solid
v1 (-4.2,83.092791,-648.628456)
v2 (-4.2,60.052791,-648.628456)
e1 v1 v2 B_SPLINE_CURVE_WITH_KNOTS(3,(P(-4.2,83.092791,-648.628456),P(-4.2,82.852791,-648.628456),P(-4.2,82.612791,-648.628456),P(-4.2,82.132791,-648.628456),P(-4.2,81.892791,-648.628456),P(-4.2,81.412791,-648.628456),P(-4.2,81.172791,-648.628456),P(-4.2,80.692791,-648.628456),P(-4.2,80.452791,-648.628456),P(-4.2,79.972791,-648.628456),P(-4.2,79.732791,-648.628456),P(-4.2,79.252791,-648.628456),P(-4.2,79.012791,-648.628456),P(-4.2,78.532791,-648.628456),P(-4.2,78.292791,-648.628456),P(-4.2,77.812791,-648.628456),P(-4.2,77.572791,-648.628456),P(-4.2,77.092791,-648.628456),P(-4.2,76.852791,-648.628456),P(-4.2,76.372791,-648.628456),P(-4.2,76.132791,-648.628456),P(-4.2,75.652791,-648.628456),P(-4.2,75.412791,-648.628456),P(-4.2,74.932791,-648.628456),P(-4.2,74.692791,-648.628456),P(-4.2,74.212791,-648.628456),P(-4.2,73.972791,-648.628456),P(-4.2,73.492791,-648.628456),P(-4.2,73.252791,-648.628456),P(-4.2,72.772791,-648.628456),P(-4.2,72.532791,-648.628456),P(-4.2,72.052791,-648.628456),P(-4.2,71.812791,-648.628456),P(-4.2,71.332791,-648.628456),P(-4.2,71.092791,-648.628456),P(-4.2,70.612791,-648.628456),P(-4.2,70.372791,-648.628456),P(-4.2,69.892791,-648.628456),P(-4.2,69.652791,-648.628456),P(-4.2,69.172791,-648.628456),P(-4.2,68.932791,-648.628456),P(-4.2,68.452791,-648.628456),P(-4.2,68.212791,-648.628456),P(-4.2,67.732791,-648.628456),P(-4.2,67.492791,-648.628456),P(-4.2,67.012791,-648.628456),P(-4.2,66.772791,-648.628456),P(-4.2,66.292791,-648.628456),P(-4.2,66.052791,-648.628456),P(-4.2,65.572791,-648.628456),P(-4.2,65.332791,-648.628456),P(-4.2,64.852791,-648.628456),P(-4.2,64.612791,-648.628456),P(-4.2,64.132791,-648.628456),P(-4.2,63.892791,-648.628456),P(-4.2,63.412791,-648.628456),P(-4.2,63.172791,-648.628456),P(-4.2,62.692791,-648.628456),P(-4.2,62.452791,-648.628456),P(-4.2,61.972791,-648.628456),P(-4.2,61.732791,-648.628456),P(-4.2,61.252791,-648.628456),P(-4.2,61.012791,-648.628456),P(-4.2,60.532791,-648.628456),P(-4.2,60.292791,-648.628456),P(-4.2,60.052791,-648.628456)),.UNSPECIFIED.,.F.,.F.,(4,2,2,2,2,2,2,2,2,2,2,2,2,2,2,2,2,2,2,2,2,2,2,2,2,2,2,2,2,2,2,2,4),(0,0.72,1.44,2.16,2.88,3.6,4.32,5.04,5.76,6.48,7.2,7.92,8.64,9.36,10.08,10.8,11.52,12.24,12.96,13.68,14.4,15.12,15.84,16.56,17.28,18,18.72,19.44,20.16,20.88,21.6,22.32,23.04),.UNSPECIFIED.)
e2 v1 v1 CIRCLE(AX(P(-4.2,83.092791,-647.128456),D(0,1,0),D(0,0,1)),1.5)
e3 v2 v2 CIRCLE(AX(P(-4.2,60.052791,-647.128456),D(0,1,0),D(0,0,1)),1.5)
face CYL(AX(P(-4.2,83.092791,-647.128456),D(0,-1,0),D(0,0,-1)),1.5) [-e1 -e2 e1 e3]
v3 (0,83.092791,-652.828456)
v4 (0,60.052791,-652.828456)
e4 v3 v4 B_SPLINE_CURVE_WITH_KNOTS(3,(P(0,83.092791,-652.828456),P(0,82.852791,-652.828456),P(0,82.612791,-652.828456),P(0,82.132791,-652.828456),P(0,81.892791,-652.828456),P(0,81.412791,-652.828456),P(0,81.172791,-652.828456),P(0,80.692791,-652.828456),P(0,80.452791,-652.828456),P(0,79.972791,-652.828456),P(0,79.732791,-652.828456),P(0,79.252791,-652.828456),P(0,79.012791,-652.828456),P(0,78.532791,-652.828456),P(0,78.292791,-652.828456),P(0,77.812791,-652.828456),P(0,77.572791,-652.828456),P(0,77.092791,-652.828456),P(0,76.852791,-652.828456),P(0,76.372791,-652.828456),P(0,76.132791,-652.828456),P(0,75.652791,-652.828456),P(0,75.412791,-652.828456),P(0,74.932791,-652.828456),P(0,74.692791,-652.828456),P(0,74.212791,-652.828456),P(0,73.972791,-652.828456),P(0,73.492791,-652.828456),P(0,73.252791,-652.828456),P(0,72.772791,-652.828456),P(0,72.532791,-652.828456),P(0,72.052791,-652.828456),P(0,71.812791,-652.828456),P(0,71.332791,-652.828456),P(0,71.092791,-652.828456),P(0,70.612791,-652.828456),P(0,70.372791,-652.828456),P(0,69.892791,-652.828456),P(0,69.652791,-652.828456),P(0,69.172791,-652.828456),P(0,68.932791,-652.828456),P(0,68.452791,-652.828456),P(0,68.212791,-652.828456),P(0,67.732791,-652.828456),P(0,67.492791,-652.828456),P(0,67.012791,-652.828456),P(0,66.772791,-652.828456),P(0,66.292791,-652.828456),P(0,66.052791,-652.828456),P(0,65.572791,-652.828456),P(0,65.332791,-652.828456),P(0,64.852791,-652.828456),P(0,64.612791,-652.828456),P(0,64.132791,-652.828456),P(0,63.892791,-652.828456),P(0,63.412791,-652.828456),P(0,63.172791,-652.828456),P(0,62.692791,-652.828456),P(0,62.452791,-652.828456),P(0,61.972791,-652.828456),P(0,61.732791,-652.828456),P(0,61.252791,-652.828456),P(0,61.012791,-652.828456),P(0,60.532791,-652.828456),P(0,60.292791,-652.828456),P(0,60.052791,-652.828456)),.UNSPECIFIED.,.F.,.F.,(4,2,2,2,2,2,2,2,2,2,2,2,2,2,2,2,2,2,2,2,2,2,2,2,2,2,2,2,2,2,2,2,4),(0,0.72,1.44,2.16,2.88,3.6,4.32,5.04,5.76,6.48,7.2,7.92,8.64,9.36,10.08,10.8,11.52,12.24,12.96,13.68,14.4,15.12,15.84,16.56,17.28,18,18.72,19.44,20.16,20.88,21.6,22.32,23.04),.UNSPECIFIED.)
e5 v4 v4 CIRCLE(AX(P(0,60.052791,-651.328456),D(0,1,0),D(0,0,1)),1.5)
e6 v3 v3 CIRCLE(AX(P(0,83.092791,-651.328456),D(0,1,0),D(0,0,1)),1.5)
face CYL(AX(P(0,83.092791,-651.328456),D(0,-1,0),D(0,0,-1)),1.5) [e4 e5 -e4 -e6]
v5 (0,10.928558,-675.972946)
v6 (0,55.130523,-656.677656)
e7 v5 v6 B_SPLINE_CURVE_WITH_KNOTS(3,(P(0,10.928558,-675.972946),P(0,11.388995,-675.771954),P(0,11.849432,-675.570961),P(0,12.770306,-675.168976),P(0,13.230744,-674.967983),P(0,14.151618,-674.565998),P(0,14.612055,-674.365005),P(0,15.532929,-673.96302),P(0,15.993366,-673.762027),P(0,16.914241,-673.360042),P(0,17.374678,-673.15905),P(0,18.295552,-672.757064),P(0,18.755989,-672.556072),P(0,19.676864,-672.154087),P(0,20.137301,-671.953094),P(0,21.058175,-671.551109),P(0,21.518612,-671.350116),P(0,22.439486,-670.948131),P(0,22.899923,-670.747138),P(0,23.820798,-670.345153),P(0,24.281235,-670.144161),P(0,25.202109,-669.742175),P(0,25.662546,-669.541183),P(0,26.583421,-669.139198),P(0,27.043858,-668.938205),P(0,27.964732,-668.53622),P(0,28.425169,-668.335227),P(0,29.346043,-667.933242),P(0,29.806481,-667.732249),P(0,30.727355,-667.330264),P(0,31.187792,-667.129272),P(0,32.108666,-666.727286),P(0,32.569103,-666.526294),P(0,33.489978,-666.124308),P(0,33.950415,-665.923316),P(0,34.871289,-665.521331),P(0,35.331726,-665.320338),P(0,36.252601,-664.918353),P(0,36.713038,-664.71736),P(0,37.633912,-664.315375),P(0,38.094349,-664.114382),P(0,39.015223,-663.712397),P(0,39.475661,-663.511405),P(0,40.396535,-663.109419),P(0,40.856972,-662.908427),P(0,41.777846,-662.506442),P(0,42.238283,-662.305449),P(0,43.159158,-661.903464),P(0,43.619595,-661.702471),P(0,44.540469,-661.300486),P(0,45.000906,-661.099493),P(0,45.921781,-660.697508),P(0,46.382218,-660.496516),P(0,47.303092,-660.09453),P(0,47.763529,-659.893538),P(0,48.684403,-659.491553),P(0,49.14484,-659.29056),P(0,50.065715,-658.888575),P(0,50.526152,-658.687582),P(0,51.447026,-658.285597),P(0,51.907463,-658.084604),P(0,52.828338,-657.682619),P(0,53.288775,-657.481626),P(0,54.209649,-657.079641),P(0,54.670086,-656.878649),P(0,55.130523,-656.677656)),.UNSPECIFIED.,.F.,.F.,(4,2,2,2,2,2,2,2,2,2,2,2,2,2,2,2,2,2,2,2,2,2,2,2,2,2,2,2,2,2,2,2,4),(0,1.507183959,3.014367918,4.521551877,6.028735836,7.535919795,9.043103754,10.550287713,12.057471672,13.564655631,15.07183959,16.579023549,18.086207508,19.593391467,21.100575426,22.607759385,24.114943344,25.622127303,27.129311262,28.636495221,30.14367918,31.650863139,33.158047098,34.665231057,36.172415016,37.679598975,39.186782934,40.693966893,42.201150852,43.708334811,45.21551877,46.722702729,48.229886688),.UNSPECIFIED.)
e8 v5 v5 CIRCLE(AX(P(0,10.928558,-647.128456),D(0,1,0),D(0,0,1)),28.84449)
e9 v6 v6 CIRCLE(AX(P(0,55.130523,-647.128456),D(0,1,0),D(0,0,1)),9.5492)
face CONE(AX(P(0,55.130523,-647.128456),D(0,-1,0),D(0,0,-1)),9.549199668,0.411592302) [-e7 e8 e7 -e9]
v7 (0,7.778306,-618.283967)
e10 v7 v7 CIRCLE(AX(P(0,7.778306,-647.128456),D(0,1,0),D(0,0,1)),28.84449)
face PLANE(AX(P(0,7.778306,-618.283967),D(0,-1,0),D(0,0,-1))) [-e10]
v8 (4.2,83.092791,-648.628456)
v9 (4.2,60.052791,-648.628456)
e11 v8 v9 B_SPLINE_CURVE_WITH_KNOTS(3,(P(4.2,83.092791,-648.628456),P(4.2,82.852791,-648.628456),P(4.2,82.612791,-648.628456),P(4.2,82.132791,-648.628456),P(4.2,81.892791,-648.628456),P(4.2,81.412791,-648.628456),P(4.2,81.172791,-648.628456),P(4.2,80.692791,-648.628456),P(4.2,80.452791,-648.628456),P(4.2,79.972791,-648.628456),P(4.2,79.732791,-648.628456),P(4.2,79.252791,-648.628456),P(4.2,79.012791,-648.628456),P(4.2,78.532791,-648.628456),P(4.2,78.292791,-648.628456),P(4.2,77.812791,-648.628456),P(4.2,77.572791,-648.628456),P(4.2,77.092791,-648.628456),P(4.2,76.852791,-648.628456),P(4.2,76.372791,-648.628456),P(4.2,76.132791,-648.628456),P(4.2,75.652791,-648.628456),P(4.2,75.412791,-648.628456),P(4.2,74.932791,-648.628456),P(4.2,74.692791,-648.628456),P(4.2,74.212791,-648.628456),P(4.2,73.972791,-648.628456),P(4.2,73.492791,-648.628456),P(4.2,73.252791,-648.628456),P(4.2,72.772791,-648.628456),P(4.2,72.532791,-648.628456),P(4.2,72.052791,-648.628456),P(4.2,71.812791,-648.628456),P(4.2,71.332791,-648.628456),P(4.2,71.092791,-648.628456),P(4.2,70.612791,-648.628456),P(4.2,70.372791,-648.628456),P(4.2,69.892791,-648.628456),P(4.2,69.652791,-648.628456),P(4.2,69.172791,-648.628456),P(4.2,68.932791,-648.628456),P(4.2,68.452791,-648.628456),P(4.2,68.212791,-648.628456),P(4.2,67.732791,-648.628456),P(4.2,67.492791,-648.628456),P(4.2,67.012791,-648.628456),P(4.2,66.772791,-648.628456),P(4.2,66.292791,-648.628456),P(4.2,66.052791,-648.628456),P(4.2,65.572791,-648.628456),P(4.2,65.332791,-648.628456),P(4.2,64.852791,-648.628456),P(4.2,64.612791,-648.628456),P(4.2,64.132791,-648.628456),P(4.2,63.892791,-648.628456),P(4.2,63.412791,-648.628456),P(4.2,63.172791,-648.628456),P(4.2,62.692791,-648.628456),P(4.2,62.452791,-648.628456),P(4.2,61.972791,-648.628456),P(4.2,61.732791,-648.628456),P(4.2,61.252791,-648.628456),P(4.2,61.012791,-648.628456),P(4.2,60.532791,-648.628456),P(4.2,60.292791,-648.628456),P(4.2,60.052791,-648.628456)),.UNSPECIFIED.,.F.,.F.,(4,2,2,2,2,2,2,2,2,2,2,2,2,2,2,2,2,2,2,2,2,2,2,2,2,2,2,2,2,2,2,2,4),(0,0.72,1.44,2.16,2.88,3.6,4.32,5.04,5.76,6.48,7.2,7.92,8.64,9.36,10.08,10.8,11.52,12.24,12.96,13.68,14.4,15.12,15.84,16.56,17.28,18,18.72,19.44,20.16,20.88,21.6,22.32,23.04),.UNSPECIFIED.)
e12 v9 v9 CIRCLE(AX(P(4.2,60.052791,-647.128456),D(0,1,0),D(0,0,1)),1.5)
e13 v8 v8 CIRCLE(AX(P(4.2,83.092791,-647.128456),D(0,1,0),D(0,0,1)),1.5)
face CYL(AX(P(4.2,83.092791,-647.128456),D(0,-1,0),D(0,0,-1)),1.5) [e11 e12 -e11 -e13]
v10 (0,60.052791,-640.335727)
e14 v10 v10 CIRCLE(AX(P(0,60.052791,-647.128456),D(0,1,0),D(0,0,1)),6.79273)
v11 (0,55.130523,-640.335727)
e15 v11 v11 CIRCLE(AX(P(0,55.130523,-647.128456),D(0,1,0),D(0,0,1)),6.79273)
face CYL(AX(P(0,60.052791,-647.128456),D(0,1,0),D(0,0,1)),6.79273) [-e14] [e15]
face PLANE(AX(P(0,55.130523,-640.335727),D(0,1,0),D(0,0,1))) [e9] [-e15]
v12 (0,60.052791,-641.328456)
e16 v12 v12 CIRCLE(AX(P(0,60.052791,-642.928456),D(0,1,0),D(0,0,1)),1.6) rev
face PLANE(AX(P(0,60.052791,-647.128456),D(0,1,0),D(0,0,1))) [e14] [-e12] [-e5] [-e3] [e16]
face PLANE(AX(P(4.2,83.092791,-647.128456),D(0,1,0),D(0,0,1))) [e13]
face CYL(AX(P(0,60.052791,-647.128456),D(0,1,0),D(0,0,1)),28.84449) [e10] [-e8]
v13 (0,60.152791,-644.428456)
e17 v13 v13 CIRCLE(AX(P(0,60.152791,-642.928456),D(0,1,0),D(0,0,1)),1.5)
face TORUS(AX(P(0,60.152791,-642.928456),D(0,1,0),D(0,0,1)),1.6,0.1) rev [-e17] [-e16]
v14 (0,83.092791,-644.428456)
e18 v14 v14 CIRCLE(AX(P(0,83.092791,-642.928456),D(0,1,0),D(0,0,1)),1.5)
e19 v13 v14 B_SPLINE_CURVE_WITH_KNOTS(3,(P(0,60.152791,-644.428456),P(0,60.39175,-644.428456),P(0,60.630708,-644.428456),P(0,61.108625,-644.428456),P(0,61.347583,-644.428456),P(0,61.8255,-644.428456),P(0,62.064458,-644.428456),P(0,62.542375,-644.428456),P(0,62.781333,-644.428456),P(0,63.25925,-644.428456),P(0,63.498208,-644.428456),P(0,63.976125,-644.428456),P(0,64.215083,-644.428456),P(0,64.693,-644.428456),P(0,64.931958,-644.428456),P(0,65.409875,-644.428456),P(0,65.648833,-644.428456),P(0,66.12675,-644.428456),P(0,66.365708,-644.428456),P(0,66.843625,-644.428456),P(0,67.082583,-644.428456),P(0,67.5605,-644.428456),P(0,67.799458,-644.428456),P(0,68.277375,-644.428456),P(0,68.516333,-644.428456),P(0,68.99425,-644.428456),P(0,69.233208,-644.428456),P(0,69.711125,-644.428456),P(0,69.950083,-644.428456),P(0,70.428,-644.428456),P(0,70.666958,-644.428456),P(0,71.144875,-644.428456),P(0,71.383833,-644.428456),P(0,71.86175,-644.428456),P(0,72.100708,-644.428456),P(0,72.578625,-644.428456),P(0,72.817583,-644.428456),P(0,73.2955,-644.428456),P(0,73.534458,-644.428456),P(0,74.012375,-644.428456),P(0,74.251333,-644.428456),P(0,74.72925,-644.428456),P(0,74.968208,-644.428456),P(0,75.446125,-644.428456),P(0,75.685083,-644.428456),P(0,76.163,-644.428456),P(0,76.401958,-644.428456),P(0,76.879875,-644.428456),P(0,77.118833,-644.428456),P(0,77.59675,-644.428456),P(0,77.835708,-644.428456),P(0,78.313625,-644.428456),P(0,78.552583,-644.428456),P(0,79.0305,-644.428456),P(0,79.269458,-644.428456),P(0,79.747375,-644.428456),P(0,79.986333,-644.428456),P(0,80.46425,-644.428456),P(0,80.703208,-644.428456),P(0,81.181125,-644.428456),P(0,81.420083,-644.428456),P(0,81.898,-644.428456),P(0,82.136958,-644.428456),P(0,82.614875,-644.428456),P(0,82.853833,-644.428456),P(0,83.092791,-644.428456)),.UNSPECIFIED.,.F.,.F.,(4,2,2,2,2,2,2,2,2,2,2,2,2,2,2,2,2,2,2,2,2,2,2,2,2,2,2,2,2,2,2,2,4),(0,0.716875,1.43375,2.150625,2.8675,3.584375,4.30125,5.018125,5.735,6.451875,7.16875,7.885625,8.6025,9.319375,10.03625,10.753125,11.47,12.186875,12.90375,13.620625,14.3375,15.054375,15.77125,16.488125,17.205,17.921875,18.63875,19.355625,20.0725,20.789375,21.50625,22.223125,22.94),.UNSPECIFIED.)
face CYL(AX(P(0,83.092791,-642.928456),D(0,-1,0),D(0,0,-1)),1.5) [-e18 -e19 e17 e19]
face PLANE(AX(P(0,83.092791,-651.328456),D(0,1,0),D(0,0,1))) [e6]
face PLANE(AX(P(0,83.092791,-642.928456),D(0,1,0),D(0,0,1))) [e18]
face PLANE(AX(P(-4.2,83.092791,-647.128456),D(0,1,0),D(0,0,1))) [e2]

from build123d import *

# Parameters (mm, degrees)
SKETCH2_R           = 1.5
BOSS_EXTRUDE1_DEPTH = 23.04
FILLET1_R           = 0.1


with BuildPart() as part:
    # Sketch1 → Revolve1 (revolve)
    with BuildSketch(Plane(origin=(0, 0, 0), x_dir=(0, 0, -1), z_dir=(1, 0, 0))):
        Polygon((618.283966683, 10.92855784), (618.283966683, 7.778306403), (647.128456403, 7.778306403), (647.128456403, 60.052791184), (640.335726742, 60.052791184), (640.335726742, 55.130523314), (637.579256734, 55.130523314), align=None)
    revolve(axis=Axis((0, 60.052791184, -647.128456403), (0, -1, 0)))

    # Sketch2 → Boss-Extrude1 (add)
    with BuildSketch(Plane(origin=(0, 60.052791184, 0), x_dir=(1, 0, 0), z_dir=(0, 1, 0))):
        with Locations(Location((0, 651.328456403, 0), (0, 0, 90))):
            Circle(SKETCH2_R)
        with Locations(Location((-4.2, 647.128456403, 0), (0, 0, 90))):
            Circle(SKETCH2_R)
        with Locations(Location((0, 642.928456403, 0), (0, 0, 90))):
            Circle(SKETCH2_R)
        with Locations(Location((4.2, 647.128456403, 0), (0, 0, 90))):
            Circle(SKETCH2_R)
    extrude(amount=BOSS_EXTRUDE1_DEPTH)

    # Fillet1
    fillet1_edges = [part.edges().sort_by_distance(p)[0] for p in [
        (0, 60.052791184, -641.428456403),
    ]]
    fillet(fillet1_edges, radius=FILLET1_R)


solid = part.part
